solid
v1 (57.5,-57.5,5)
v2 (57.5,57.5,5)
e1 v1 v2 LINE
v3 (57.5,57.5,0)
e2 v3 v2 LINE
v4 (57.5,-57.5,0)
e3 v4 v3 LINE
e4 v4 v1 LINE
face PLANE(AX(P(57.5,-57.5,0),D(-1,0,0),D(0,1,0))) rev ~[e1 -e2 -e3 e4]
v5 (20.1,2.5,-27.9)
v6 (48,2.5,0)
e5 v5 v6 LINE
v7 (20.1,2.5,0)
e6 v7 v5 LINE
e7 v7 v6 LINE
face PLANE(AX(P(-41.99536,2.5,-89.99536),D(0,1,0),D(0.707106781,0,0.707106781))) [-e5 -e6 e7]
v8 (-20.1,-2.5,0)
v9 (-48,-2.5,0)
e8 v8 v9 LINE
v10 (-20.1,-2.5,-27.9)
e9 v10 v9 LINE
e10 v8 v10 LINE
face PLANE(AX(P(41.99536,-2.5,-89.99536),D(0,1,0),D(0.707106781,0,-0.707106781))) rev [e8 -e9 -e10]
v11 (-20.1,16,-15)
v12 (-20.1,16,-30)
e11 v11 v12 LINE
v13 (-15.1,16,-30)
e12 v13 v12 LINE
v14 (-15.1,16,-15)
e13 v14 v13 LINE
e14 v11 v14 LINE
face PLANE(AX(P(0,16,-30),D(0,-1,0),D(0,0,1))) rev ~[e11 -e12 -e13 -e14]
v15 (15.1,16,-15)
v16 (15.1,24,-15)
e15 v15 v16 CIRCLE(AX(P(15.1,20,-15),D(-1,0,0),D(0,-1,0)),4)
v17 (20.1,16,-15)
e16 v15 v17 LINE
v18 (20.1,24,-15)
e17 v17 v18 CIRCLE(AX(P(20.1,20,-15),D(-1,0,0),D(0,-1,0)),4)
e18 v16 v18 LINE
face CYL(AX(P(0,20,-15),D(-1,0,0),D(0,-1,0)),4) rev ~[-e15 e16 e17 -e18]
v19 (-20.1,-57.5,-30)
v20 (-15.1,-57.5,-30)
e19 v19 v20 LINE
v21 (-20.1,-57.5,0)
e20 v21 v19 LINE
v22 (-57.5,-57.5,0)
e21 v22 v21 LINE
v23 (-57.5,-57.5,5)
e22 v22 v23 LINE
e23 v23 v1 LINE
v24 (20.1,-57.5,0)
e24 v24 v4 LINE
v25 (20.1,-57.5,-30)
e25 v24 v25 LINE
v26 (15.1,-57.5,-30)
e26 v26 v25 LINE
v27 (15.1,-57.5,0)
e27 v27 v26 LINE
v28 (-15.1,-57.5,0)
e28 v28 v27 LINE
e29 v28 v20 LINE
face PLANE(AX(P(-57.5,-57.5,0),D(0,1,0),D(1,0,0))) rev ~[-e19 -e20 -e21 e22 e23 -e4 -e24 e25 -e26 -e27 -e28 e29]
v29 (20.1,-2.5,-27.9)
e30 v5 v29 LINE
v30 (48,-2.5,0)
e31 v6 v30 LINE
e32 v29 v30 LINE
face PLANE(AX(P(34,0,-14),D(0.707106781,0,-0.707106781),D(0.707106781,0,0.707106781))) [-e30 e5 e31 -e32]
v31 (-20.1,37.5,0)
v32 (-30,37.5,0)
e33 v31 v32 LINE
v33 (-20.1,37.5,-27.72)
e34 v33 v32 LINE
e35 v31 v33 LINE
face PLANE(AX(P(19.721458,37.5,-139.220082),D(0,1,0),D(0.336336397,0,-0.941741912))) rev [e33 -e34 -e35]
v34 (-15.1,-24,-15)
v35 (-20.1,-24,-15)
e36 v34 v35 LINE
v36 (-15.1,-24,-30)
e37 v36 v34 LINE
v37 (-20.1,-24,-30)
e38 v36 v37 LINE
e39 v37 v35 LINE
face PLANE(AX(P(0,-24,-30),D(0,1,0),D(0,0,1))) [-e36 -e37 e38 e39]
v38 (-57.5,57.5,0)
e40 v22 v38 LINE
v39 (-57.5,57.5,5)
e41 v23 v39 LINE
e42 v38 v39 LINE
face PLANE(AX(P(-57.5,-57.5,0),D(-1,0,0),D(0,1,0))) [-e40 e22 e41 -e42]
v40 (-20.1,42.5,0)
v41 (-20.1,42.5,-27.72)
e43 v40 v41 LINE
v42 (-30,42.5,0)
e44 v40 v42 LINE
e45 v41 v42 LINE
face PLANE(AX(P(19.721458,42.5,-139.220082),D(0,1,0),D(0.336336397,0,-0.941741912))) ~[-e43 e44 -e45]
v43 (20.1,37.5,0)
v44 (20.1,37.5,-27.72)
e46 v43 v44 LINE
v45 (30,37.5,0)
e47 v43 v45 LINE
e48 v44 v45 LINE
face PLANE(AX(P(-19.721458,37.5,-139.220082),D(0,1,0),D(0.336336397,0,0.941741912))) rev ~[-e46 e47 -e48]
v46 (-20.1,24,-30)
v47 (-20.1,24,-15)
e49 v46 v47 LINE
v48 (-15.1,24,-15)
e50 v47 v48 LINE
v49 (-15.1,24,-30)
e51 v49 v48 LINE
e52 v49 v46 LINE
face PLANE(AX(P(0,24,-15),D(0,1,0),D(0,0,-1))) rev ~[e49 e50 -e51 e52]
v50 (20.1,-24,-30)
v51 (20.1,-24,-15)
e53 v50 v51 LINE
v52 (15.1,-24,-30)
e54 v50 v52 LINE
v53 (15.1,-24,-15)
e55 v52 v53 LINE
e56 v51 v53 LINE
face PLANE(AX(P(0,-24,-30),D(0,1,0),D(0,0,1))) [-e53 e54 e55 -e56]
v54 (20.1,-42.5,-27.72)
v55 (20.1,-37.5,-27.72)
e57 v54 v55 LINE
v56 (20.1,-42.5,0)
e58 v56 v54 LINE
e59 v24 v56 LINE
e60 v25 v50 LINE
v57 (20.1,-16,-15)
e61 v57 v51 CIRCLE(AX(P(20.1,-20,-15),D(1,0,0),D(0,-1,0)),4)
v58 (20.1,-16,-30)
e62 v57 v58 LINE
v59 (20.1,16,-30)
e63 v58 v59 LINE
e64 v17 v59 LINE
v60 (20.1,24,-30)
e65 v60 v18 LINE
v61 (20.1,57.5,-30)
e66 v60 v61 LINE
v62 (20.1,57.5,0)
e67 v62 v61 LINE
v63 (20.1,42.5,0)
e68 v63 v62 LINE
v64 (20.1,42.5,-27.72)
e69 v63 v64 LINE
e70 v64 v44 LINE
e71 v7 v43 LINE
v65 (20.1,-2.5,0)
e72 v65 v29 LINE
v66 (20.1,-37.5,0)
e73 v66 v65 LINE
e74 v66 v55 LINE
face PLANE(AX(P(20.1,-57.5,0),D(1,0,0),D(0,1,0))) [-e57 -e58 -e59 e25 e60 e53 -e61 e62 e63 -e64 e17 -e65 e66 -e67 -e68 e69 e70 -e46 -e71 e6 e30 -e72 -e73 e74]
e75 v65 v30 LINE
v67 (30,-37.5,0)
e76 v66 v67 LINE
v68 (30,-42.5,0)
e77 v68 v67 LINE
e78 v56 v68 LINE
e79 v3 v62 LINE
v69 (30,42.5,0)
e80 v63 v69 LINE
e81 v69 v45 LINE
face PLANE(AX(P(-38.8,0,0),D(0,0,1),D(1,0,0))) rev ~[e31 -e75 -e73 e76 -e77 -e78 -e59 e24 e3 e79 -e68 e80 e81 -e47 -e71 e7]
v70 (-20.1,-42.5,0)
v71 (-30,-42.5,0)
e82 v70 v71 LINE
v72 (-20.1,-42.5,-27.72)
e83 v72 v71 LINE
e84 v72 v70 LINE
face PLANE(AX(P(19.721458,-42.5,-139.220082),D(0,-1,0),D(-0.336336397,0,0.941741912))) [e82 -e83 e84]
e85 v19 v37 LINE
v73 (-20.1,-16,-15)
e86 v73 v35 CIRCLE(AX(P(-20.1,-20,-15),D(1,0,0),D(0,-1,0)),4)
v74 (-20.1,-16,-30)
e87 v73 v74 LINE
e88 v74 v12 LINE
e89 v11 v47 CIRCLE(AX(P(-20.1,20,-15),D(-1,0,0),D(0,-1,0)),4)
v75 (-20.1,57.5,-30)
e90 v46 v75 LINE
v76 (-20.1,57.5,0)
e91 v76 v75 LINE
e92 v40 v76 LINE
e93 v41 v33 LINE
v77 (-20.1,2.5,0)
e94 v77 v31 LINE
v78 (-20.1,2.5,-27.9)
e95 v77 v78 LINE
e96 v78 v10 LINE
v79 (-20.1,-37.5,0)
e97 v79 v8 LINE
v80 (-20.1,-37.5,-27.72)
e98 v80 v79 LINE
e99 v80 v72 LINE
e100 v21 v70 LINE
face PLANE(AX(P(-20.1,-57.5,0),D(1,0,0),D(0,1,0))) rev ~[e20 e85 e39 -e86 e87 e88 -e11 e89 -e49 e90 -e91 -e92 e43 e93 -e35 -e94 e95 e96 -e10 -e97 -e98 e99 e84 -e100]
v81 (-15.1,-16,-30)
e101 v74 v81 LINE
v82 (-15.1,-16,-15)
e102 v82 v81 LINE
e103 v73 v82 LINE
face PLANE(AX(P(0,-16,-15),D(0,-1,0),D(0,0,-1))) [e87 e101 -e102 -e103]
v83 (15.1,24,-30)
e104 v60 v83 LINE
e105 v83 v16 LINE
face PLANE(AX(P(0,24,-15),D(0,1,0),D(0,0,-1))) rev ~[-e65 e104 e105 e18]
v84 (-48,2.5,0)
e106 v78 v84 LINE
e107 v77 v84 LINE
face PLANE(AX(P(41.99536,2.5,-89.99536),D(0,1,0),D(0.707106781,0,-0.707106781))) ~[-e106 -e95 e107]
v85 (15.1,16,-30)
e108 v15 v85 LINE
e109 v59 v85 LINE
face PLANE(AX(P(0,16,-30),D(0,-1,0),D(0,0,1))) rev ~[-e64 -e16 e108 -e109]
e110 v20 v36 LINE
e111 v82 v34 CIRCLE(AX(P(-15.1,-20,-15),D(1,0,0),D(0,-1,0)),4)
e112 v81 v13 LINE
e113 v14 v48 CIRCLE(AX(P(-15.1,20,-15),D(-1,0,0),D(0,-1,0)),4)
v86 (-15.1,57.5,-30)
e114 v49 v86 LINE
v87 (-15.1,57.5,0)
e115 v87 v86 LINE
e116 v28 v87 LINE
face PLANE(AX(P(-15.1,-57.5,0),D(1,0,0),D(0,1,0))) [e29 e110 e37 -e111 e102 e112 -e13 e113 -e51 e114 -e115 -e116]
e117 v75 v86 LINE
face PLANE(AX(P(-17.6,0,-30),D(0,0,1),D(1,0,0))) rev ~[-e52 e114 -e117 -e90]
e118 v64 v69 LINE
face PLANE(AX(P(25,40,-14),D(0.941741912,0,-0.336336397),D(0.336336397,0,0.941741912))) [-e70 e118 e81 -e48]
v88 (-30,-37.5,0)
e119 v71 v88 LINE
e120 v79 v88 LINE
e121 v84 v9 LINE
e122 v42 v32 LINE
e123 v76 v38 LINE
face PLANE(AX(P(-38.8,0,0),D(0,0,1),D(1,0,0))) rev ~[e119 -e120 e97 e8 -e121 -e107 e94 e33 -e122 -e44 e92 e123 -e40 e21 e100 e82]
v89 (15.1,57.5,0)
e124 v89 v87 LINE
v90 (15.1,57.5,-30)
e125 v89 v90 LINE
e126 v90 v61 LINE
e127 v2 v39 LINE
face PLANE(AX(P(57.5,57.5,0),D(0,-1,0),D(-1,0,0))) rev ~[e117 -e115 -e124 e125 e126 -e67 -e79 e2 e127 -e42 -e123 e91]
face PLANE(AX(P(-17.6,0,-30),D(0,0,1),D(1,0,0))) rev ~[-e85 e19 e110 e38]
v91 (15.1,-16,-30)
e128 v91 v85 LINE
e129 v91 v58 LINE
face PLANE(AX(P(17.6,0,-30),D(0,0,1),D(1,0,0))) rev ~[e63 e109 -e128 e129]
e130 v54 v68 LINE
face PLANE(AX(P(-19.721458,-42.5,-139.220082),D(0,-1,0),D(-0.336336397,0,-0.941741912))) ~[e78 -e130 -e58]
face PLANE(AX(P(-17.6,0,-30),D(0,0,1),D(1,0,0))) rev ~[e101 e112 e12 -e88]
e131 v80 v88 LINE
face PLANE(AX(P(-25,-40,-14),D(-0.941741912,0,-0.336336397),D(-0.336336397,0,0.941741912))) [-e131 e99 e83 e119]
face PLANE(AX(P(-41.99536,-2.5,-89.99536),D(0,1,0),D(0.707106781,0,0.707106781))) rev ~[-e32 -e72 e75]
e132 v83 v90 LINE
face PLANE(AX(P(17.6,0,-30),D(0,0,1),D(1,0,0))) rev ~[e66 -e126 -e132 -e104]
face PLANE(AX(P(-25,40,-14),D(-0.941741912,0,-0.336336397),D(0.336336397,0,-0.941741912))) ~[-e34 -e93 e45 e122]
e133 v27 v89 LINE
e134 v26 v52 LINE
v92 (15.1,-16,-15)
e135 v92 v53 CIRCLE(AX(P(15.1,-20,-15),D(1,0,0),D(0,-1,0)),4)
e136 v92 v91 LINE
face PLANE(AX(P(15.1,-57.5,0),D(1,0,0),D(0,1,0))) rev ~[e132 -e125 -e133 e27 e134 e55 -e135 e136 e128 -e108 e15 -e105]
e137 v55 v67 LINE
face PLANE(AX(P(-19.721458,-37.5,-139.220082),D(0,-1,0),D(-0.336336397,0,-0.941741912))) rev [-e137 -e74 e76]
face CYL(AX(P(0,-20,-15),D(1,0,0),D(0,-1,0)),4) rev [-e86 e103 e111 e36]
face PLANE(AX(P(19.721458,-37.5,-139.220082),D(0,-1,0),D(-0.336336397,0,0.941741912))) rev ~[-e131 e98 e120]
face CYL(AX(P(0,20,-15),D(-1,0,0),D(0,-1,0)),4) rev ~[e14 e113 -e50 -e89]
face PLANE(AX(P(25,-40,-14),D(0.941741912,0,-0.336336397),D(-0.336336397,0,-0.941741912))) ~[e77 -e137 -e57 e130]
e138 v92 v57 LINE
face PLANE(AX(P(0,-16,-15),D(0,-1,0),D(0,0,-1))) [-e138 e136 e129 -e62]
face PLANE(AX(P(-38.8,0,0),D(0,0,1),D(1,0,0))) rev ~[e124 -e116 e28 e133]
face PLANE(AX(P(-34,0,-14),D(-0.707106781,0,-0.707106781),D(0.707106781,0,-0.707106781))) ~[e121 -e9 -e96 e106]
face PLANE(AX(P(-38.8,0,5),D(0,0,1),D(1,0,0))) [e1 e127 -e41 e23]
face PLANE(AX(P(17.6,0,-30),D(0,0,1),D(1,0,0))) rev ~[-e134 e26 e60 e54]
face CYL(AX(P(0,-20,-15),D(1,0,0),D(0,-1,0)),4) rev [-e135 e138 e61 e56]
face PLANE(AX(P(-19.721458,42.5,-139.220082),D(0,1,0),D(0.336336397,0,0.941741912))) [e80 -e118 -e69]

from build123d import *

# Parameters (mm, degrees)
SKETCH_1_W               = 5
SKETCH_1_H               = 115
EXTRUDE_1_DEPTH          = 30
EXTRUDE_1_2_DEPTH        = 30
SKETCH_1_3_W             = 115
SKETCH_1_3_H             = 115
EXTRUDE_2_DEPTH          = 5
CUT_EXTRUDE_1_DEPTH      = 22.5
RIB_1_REACH              = 88.675
SKETCH_4_WALL_W          = 214.94733798
SKETCH_4_WALL_H          = 5
RIB_2_REACH              = 119.1
SKETCH_7_WALL_W          = 265.932906068
SKETCH_7_WALL_H          = 5
MIRROR_3_COPY_1_REACH    = 119.1
MIRROR_3_COPY_1_SKETCH_W = 265.932906068
MIRROR_3_COPY_1_SKETCH_H = 5
MIRROR_3_COPY_2_REACH    = 119.1
MIRROR_3_COPY_2_SKETCH_W = 265.932906068
MIRROR_3_COPY_2_SKETCH_H = 5


with BuildPart() as part:
    # 스케치1 → 보스-돌출1 (new body)
    with BuildSketch(Plane.XY):
        with Locations((-17.6, 0)):
            Rectangle(SKETCH_1_W, SKETCH_1_H)
    extrude(amount=-EXTRUDE_1_DEPTH)



with BuildPart() as body_2:
    # 스케치1 → Extrude 1 2 (new body)
    with BuildSketch(Plane.XY):
        with Locations((17.6, 0)):
            Rectangle(SKETCH_1_W, SKETCH_1_H)
    extrude(amount=-EXTRUDE_1_2_DEPTH)


with BuildPart() as part_1:
    add(part.part)

    add(body_2.part)  # 보스-돌출2 merges body 2
    # 스케치1<3> → 보스-돌출2 (add)
    with BuildSketch(Plane.XY):
        Rectangle(SKETCH_1_3_W, SKETCH_1_3_H)
    extrude(amount=EXTRUDE_2_DEPTH)

    # 스케치3 → 컷-돌출1 (cut, symmetric)
    with BuildSketch(Plane(origin=(0, 0, 0), x_dir=(0, 0, -1), z_dir=(1, 0, 0))):
        with BuildLine():
            Line((15, 24), (30, 24))
            Line((30, 24), (30, 16))
            Line((30, 16), (15, 16))
            ThreePointArc((15, 16), (11, 20), (15, 24))
        make_face()
        with BuildLine():
            Line((30, -16), (30, -24))
            Line((30, -24), (15, -24))
            ThreePointArc((15, -24), (11, -20), (15, -16))
            Line((15, -16), (30, -16))
        make_face()
    extrude(amount=CUT_EXTRUDE_1_DEPTH, both=True, mode=Mode.SUBTRACT)

    # 스케치4 wall → 보강대1 (add, up to next)
    with BuildSketch(Plane(origin=(34, 0, -14), x_dir=(0.707106781187, 0, 0.707106781187), z_dir=(0.707106781187, 0, -0.707106781187)), mode=Mode.PRIVATE) as rib_1_sk1:
        Rectangle(SKETCH_4_WALL_W, SKETCH_4_WALL_H)
    rib_1_tool1 = extrude(rib_1_sk1.sketch, amount=-RIB_1_REACH, mode=Mode.PRIVATE) - part_1.part
    rib_1 = rib_1_tool1.solids().sort_by_distance((34, 0, -14))[0]
    add(rib_1)

    # 스케치7 wall → 보강대2 (add, up to next)
    with BuildSketch(Plane(origin=(25, 40, -14), x_dir=(0.336336396998, 0, 0.941741911595), z_dir=(0.941741911595, 0, -0.336336396998)), mode=Mode.PRIVATE) as rib_2_sk1:
        Rectangle(SKETCH_7_WALL_W, SKETCH_7_WALL_H)
    rib_2_tool1 = extrude(rib_2_sk1.sketch, amount=-RIB_2_REACH, mode=Mode.PRIVATE) - part_1.part
    rib_2 = rib_2_tool1.solids().sort_by_distance((25, 40, -14))[0]
    add(rib_2)

    # 대칭 복사1: 보강대1 across plane
    add(rib_1.mirror(Plane.ZY))

    # 대칭 복사2: 보강대2 across plane
    add(rib_2.mirror(Plane.ZY))

    # 대칭 복사3 copy 1 sketch → 대칭 복사3 copy 1 (add, up to next)
    with BuildSketch(Plane(origin=(-25, -40, -14), x_dir=(-0.336336396998, 0, 0.941741911595), z_dir=(-0.941741911595, 0, -0.336336396998)), mode=Mode.PRIVATE) as mirror_3_copy_1_sk1:
        Rectangle(MIRROR_3_COPY_1_SKETCH_W, MIRROR_3_COPY_1_SKETCH_H)
    mirror_3_copy_1_tool1 = extrude(mirror_3_copy_1_sk1.sketch, amount=-MIRROR_3_COPY_1_REACH, mode=Mode.PRIVATE) - part_1.part
    add(mirror_3_copy_1_tool1.solids().sort_by_distance((-25, -40, -14))[0])

    # 대칭 복사3 copy 2 sketch → 대칭 복사3 copy 2 (add, up to next)
    with BuildSketch(Plane(origin=(25, -40, -14), x_dir=(0.336336396998, 0, 0.941741911595), z_dir=(0.941741911595, 0, -0.336336396998)), mode=Mode.PRIVATE) as mirror_3_copy_2_sk1:
        Rectangle(MIRROR_3_COPY_2_SKETCH_W, MIRROR_3_COPY_2_SKETCH_H)
    mirror_3_copy_2_tool1 = extrude(mirror_3_copy_2_sk1.sketch, amount=-MIRROR_3_COPY_2_REACH, mode=Mode.PRIVATE) - part_1.part
    add(mirror_3_copy_2_tool1.solids().sort_by_distance((25, -40, -14))[0])


solid = part_1.part
